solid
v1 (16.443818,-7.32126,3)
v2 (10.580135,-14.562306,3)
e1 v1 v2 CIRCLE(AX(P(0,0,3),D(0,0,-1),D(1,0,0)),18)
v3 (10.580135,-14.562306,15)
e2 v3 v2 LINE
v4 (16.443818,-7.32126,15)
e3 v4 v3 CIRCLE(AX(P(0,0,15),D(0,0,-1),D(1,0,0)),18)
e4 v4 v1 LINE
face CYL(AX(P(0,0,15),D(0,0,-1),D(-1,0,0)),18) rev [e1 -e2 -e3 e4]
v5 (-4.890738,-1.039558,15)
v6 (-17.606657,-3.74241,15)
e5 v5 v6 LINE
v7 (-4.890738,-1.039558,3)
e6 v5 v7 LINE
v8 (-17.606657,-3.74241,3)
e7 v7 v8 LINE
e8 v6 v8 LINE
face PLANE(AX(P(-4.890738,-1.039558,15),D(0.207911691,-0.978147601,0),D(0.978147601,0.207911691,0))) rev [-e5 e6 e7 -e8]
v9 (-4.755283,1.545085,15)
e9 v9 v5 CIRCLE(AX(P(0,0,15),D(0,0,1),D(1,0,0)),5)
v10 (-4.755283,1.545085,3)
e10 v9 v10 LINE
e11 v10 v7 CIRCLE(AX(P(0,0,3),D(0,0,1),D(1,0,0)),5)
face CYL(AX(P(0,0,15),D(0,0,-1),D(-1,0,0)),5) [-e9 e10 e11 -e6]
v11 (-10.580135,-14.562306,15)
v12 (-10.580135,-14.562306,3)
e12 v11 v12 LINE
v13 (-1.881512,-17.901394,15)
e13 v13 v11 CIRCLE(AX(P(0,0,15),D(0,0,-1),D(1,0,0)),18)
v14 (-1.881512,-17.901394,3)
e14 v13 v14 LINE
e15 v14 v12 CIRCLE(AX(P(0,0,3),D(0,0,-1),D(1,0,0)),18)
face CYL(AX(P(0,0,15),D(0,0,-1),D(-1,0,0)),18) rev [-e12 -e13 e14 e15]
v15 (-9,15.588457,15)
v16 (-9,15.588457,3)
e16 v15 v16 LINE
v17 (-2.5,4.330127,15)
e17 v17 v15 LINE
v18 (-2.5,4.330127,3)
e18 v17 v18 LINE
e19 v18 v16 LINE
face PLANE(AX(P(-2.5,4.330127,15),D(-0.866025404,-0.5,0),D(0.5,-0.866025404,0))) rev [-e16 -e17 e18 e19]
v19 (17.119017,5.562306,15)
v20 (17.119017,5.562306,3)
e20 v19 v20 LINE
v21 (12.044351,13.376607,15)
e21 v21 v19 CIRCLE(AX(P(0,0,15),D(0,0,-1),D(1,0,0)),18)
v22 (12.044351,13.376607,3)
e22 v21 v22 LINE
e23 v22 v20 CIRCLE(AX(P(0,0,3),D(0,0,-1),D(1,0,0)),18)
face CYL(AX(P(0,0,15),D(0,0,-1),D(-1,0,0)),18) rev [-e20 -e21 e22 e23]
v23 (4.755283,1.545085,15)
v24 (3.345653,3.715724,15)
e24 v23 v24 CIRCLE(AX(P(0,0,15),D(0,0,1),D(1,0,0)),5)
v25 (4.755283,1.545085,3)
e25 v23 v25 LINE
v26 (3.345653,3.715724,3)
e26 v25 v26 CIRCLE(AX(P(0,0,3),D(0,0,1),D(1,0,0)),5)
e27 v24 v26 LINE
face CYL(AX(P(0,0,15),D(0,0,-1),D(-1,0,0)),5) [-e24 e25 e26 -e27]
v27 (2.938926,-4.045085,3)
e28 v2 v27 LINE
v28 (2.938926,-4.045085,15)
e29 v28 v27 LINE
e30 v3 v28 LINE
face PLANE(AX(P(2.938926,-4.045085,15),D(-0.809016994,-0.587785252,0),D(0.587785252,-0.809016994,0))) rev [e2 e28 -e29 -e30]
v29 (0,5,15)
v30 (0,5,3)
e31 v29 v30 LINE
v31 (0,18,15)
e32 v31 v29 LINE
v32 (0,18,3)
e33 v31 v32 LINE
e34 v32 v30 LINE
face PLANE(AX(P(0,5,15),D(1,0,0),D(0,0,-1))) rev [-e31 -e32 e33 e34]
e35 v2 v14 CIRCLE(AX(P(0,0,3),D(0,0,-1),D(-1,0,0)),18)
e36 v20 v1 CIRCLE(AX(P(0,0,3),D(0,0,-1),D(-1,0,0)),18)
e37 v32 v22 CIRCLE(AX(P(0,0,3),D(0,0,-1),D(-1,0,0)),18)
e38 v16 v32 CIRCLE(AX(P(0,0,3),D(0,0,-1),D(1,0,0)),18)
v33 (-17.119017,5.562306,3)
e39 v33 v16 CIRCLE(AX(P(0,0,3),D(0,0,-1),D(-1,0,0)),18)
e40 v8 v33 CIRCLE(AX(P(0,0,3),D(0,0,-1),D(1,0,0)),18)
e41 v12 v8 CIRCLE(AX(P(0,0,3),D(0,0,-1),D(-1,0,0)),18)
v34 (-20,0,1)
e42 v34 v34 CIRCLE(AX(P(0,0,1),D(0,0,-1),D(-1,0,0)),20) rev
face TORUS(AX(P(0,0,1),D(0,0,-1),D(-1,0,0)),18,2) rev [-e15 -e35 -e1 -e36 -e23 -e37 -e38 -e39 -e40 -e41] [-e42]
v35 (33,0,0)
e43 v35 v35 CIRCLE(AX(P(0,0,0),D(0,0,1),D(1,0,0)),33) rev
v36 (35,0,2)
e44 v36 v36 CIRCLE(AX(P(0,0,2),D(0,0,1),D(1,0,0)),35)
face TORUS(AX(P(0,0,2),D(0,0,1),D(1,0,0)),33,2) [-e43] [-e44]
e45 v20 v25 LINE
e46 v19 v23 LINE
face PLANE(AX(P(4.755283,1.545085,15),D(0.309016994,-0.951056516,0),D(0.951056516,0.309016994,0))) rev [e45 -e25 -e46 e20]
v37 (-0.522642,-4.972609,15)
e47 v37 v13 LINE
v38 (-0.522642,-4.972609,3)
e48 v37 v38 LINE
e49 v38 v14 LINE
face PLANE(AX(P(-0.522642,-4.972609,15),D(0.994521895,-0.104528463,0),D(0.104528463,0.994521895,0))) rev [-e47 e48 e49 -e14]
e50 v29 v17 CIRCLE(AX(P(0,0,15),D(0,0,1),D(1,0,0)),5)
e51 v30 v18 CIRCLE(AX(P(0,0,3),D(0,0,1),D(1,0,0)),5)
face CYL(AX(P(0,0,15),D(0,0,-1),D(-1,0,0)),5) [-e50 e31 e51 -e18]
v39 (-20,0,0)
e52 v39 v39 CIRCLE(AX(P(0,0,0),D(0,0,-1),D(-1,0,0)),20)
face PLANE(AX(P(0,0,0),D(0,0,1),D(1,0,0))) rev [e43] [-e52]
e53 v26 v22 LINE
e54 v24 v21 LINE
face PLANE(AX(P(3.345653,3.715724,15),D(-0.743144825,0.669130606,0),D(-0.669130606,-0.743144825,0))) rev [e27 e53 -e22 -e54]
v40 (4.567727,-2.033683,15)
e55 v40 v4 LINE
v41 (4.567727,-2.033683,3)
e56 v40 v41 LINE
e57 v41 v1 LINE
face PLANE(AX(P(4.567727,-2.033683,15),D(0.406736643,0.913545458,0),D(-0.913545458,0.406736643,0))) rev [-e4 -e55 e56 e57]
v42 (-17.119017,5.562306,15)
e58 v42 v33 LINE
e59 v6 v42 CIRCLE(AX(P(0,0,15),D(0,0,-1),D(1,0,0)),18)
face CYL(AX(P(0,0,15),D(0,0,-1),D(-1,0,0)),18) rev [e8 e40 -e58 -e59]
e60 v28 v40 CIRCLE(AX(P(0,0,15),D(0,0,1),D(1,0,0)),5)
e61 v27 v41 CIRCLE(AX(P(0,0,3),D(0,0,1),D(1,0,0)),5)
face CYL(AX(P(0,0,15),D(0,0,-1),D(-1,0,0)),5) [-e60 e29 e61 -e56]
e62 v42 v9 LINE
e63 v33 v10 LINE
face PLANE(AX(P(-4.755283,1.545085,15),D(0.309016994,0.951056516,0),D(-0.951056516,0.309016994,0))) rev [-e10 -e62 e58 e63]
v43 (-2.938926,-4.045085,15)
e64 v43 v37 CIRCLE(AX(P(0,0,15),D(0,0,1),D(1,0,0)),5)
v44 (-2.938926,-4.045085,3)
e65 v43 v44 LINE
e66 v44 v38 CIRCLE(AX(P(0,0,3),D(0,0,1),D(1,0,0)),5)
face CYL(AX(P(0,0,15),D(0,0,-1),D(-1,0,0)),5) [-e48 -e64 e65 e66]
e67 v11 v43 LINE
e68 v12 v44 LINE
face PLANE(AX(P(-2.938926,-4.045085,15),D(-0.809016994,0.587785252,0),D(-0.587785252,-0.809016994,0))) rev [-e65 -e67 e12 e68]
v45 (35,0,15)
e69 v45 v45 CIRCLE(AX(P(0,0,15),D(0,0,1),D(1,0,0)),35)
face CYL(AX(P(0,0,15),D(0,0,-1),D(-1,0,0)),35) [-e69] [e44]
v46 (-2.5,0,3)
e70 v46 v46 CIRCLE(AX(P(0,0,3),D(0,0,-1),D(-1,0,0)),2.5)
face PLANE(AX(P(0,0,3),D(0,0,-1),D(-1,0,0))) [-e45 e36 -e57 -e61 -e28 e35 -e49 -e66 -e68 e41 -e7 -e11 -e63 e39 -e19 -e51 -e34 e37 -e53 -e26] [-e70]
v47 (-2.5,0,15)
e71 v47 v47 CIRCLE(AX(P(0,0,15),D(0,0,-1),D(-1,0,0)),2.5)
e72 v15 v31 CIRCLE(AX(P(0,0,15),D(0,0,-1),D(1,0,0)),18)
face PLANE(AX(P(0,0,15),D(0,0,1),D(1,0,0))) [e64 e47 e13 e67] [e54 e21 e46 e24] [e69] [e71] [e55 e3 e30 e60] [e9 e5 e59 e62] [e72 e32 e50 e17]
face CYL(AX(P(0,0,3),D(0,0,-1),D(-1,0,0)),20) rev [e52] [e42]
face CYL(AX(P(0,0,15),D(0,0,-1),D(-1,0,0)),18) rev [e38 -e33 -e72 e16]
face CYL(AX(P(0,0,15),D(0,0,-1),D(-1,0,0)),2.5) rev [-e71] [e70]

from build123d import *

# Parameters (mm, degrees)
SKETCH1_R           = 35
BOSS_EXTRUDE1_DEPTH = 15
SKETCH2_R           = 20
CUT_EXTRUDE1_DEPTH  = 3
FILLET1_R           = 2
FILLET2_R           = 2
SKETCH4_R           = 2.5
CUT_EXTRUDE2_DEPTH  = 51.931326382
CUT_EXTRUDE3_DEPTH  = 51.931326382


with BuildPart() as part:
    # Sketch1 → Boss-Extrude1 (new body)
    with BuildSketch(Plane.XY):
        Circle(SKETCH1_R)
    extrude(amount=BOSS_EXTRUDE1_DEPTH)

    # Sketch2 → Cut-Extrude1 (cut)
    with BuildSketch(Plane(origin=(0, 0, 0), x_dir=(-1, 0, 0), z_dir=(0, 0, -1))):
        Circle(SKETCH2_R)
    extrude(amount=-CUT_EXTRUDE1_DEPTH, mode=Mode.SUBTRACT)

    # Fillet1
    fillet1_edges = [part.edges().sort_by_distance(p)[0] for p in [
        (-35, 0, 0),
    ]]
    fillet(fillet1_edges, radius=FILLET1_R)

    # Fillet2
    fillet2_edges = [part.edges().sort_by_distance(p)[0] for p in [
        (20, 0, 3),
    ]]
    fillet(fillet2_edges, radius=FILLET2_R)

    # Sketch4 → Cut-Extrude2 (cut, through all)
    with BuildSketch(Plane(origin=(0, 0, 3), x_dir=(-1, 0, 0), z_dir=(0, 0, -1))):
        Circle(SKETCH4_R)
    extrude(amount=-CUT_EXTRUDE2_DEPTH, mode=Mode.SUBTRACT)

    # Sketch5 → Cut-Extrude3 (cut, through all)
    with BuildSketch(Plane(origin=(0, 0, 3), x_dir=(-1, 0, 0), z_dir=(0, 0, -1))):
        with BuildLine():
            Line((0, 5), (0, 18))
            ThreePointArc((0, 18), (4.658742812, 17.386664873), (9, 15.588457268))
            Line((9, 15.588457268), (2.5, 4.330127019))
            ThreePointArc((2.5, 4.330127019), (1.294095226, 4.829629131), (0, 5))
        make_face()
        with BuildLine():
            Line((4.890738004, -1.039558454), (17.606656813, -3.742410435))
            ThreePointArc((17.606656813, -3.742410435), (17.975331626, 0.942047212), (17.119017293, 5.562305899))
            Line((17.119017293, 5.562305899), (4.755282581, 1.545084972))
            ThreePointArc((4.755282581, 1.545084972), (4.993147674, 0.261679781), (4.890738004, -1.039558454))
        make_face()
        with BuildLine():
            Line((0.522642316, -4.972609477), (1.881512339, -17.901394117))
            ThreePointArc((1.881512339, -17.901394117), (6.450623092, -16.804447677), (10.580134541, -14.562305899))
            Line((10.580134541, -14.562305899), (2.938926261, -4.045084972))
            ThreePointArc((2.938926261, -4.045084972), (1.791839748, -4.667902132), (0.522642316, -4.972609477))
        make_face()
        with BuildLine():
            Line((-4.567727288, -2.033683215), (-16.443818238, -7.321259575))
            ThreePointArc((-16.443818238, -7.321259575), (-13.988627306, -11.327767039), (-10.580134541, -14.562305899))
            Line((-10.580134541, -14.562305899), (-2.938926261, -4.045084972))
            ThreePointArc((-2.938926261, -4.045084972), (-3.885729807, -3.146601955), (-4.567727288, -2.033683215))
        make_face()
        with BuildLine():
            Line((-3.345653032, 3.715724127), (-12.044350914, 13.376606859))
            ThreePointArc((-12.044350914, 13.376606859), (-15.096070223, 9.80350263), (-17.119017293, 5.562305899))
            Line((-17.119017293, 5.562305899), (-4.755282581, 1.545084972))
            ThreePointArc((-4.755282581, 1.545084972), (-4.19335284, 2.723195175), (-3.345653032, 3.715724127))
        make_face()
    extrude(amount=-CUT_EXTRUDE3_DEPTH, mode=Mode.SUBTRACT)


solid = part.part
